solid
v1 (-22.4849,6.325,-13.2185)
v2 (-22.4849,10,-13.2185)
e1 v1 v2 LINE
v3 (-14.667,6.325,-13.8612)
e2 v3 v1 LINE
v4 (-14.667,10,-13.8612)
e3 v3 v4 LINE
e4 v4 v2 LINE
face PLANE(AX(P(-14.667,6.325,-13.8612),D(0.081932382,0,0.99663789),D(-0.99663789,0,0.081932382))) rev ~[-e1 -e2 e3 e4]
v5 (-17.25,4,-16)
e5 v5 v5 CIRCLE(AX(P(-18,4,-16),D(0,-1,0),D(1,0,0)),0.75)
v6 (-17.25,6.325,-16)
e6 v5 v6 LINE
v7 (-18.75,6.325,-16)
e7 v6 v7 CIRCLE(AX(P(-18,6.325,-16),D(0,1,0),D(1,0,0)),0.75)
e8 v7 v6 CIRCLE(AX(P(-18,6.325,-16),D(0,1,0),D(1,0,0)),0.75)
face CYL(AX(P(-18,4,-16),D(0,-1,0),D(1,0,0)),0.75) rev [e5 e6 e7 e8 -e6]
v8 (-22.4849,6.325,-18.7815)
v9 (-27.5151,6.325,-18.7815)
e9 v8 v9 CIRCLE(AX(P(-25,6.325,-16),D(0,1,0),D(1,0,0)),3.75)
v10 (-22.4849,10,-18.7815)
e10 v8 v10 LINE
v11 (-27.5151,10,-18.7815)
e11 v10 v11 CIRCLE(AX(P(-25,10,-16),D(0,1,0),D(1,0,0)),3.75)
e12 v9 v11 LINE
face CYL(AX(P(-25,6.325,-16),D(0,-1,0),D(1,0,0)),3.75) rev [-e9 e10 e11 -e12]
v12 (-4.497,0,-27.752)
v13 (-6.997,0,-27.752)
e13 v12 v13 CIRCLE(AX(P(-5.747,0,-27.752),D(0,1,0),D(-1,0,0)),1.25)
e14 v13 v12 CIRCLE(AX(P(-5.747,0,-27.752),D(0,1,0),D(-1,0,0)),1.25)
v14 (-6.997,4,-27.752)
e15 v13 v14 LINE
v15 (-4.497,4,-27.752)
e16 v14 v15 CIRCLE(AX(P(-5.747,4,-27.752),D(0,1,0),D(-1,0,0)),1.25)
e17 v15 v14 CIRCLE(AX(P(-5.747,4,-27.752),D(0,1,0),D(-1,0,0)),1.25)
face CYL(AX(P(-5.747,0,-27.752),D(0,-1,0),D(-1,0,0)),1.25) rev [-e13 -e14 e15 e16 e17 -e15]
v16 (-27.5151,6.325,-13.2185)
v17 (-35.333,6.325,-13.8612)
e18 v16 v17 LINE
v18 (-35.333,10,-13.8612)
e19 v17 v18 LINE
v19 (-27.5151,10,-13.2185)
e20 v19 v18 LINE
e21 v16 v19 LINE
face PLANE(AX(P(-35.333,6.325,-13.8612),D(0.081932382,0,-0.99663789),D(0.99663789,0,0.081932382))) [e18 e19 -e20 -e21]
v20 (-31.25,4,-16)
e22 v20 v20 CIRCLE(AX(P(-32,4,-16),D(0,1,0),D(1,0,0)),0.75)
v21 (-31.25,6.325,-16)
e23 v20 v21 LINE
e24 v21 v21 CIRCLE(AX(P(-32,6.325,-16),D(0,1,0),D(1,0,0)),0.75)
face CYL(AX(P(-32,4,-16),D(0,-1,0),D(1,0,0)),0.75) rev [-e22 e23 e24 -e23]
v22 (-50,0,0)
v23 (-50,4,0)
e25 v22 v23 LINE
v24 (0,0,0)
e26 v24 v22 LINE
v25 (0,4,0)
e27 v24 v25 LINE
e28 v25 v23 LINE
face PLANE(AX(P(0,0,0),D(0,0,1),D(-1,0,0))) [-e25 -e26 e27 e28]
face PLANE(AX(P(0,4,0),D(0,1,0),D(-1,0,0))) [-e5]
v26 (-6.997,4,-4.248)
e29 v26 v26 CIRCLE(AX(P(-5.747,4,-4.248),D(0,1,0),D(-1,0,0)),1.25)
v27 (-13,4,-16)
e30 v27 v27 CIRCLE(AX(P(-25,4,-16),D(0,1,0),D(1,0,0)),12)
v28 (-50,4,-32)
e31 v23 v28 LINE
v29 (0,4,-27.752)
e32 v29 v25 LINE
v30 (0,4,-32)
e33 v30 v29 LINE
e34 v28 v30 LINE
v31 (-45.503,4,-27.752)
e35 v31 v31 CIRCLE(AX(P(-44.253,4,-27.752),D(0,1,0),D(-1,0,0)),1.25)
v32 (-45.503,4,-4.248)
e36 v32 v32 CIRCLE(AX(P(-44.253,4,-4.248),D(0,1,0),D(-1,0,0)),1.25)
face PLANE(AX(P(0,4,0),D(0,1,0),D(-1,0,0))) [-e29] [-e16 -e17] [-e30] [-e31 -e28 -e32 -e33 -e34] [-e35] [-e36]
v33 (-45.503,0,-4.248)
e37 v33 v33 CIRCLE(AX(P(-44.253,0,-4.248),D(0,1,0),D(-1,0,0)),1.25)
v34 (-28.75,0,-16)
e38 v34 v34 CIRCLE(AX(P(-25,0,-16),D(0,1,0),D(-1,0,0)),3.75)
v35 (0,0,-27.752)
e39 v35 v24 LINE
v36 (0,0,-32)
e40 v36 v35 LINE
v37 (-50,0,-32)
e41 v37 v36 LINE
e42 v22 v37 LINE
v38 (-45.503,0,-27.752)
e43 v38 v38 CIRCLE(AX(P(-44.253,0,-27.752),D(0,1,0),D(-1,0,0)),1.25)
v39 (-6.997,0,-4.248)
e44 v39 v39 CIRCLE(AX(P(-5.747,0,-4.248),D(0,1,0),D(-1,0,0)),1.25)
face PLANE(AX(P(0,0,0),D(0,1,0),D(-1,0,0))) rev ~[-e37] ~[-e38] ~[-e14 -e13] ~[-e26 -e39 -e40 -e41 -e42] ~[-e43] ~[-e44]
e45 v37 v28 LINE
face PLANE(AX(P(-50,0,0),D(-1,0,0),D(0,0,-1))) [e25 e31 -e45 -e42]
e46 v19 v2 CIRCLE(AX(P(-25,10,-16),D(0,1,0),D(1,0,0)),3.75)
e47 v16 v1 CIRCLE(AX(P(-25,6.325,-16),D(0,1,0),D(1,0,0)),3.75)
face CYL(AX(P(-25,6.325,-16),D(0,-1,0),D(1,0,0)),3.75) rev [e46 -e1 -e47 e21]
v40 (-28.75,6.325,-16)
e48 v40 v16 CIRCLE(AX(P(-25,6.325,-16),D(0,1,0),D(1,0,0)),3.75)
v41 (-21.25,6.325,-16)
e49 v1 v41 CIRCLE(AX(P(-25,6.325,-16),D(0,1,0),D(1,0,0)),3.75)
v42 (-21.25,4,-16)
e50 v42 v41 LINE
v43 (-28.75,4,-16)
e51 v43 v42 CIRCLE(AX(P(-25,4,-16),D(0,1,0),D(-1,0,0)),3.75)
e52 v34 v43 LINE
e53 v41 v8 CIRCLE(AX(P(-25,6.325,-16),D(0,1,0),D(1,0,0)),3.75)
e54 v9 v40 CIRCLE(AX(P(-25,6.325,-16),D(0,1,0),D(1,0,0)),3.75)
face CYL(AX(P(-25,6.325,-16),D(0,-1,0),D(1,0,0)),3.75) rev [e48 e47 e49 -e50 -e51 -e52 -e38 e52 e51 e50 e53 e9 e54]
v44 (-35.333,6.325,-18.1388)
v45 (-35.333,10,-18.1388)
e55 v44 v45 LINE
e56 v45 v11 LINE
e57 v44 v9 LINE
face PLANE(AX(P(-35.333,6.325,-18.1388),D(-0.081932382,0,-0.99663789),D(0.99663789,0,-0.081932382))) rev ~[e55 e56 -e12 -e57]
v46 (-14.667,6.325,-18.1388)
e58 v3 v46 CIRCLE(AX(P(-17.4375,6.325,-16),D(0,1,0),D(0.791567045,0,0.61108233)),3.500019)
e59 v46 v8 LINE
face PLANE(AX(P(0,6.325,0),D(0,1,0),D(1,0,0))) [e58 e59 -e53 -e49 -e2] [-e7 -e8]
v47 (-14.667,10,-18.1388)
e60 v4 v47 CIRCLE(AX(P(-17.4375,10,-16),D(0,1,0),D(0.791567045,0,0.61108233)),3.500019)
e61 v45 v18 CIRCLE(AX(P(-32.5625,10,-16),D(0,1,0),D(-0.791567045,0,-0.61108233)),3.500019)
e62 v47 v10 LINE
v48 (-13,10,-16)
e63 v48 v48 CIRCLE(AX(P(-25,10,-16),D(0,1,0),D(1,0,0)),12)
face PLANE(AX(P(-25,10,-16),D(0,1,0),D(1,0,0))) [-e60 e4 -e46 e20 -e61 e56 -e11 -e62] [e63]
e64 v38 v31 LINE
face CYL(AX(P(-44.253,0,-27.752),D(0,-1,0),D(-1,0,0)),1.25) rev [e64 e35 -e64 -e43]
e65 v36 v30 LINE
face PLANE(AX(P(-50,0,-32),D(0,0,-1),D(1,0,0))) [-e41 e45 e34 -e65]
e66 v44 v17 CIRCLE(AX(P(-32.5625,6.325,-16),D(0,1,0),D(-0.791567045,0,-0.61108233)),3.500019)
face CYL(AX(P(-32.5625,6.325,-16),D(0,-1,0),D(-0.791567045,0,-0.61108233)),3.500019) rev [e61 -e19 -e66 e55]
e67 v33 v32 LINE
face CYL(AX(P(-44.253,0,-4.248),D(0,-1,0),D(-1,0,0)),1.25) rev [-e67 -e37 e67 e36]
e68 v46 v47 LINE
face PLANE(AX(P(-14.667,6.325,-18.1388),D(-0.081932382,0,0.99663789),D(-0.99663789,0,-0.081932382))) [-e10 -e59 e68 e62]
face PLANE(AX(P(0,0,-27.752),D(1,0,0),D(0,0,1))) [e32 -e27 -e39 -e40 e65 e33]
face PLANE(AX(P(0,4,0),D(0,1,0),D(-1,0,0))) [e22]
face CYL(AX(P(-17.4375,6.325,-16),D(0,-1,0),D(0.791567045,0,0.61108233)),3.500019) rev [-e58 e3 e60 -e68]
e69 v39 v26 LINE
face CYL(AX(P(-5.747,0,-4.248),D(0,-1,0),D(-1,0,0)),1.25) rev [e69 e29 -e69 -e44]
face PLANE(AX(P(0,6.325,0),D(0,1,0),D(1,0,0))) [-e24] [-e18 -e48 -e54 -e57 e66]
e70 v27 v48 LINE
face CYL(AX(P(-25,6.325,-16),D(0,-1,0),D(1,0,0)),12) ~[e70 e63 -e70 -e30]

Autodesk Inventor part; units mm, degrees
ref_plane "YZ Plane" through (0, 0, 0) normal (1, 0, 0) x (0, 1, 0)
ref_plane "XZ Plane" through (0, 0, 0) normal (0, 1, 0) x (-1, 0, 0)
ref_plane "XY Plane" through (0, 0, 0) normal (0, 0, 1) x (1, 0, 0)
sketch "Sketch1" plane through (0, 0, 0) normal (0, 1, 0) x (-1, 0, 0)
  line L0 (0, 0) -> (50, 0)
  line L1 (50, 0) -> (50, -32)
  line L2 (50, -32) -> (0, -32)
  line L3 (0, -32) -> (0, 0)
  line L4 (0, -27.752) -> (5.747, -27.752)
  circle A0 centre (5.747, -27.752) radius 1.25
  line L5 (25, 0) -> (25, -16) construction
  line L6 (25, -16) -> (0, -16) construction
  circle A1 centre (5.747, -4.248) radius 1.25
  circle A2 centre (44.253, -27.752) radius 1.25
  circle A3 centre (44.253, -4.248) radius 1.25
  circle A4 centre (25, -16) radius 3.75
  dimension "d0" = 50
  dimension "d1" = 32
  dimension "d2" = 5.747
  dimension "d3" = 4.248
  dimension "d4" = 2.5
  dimension "d5" = 7.5
extrude "Extrusion1" add sketch "Sketch1" along normal blind 4
sketch "Sketch2" plane through (0, 4, 0) normal (0, 1, 0) x (1, 0, 0)
  circle A0 centre (-25, 16) radius 3.75 projected
  circle A1 centre (-25, 16) radius 12
  line L0 (-25, 16) -> (-32, 16)
  line L1 (-25, 16) -> (-18, 16)
  circle A2 centre (-32, 16) radius 0.75
  circle A3 centre (-18, 16) radius 0.75
  point P0 (0, 0)
  dimension "d8" = 24
  dimension "d9" = 7
  dimension "d10" = 7
  dimension "d11" = 1.5
  dimension "d12" = 1.5
extrude "Extrusion2" add sketch "Sketch2" along normal blind 2.325
sketch "Sketch3" plane through (-25, 6.325, -16) normal (0, 1, 0) x (1, 0, 0)
  circle A0 centre (0, 0) radius 12 projected
  circle A1 centre (0, 0) radius 3.75 projected
  circle A2 centre (-7, 0) radius 0.75 projected
  circle A3 centre (7, 0) radius 0.75 projected
  line L0 (-7, 0) -> (-7.5625, 0)
  line L1 (-7, 0) -> (-7, -2.877)
  line L2 (-7, 0) -> (-10.333, 0)
  line L3 (-10.333, 2.1388) -> (-10.333, 2.277)
  line L4 (-10.333, -2.1388) -> (-10.333, -2.277)
  line L5 (-10.333, -2.1388) -> (-10.005, -2.1388)
  line L6 (-10.333, -2.1388) -> (-2.5151, -2.7815)
  line L7 (-10.333, -2.1388) -> (-2.4887, -2.1388) construction
  line L8 (0, 0) -> (0, 2.5608)
  line L9 (-10.333, 2.1388) -> (-2.5151, 2.7815)
  arc A4 (-5.1785, -2.5625) -> (-4.792, -2.1388) centre (-7.5625, 0) ccw
  arc A5 (-10.333, 2.1388) -> (-10.333, -2.1388) centre (-7.5625, 0) ccw
  line L10 (10.333, -2.1388) -> (2.5151, -2.7815)
  line L11 (10.333, 2.1388) -> (2.5151, 2.7815)
  arc A6 (10.333, -2.1388) -> (10.333, 2.1388) centre (7.5625, 0) ccw
  arc A7 (-3.0803, -2.1388) -> (2.5151, -2.7815) centre (0, 0) ccw
  arc A8 (2.5151, 2.7815) -> (-2.5151, 2.7815) centre (0, 0) ccw
  point P0 (25, -16)
  dimension "d15" = 0.5625
  dimension "d17" = 2.877
  dimension "d18" = 3.333
  dimension "d20" = 2.277
  dimension "d21" = 4.7
extrude "Extrusion3" add sketch "Sketch3" along normal blind 3.675 contours A0
properties part number "base"
